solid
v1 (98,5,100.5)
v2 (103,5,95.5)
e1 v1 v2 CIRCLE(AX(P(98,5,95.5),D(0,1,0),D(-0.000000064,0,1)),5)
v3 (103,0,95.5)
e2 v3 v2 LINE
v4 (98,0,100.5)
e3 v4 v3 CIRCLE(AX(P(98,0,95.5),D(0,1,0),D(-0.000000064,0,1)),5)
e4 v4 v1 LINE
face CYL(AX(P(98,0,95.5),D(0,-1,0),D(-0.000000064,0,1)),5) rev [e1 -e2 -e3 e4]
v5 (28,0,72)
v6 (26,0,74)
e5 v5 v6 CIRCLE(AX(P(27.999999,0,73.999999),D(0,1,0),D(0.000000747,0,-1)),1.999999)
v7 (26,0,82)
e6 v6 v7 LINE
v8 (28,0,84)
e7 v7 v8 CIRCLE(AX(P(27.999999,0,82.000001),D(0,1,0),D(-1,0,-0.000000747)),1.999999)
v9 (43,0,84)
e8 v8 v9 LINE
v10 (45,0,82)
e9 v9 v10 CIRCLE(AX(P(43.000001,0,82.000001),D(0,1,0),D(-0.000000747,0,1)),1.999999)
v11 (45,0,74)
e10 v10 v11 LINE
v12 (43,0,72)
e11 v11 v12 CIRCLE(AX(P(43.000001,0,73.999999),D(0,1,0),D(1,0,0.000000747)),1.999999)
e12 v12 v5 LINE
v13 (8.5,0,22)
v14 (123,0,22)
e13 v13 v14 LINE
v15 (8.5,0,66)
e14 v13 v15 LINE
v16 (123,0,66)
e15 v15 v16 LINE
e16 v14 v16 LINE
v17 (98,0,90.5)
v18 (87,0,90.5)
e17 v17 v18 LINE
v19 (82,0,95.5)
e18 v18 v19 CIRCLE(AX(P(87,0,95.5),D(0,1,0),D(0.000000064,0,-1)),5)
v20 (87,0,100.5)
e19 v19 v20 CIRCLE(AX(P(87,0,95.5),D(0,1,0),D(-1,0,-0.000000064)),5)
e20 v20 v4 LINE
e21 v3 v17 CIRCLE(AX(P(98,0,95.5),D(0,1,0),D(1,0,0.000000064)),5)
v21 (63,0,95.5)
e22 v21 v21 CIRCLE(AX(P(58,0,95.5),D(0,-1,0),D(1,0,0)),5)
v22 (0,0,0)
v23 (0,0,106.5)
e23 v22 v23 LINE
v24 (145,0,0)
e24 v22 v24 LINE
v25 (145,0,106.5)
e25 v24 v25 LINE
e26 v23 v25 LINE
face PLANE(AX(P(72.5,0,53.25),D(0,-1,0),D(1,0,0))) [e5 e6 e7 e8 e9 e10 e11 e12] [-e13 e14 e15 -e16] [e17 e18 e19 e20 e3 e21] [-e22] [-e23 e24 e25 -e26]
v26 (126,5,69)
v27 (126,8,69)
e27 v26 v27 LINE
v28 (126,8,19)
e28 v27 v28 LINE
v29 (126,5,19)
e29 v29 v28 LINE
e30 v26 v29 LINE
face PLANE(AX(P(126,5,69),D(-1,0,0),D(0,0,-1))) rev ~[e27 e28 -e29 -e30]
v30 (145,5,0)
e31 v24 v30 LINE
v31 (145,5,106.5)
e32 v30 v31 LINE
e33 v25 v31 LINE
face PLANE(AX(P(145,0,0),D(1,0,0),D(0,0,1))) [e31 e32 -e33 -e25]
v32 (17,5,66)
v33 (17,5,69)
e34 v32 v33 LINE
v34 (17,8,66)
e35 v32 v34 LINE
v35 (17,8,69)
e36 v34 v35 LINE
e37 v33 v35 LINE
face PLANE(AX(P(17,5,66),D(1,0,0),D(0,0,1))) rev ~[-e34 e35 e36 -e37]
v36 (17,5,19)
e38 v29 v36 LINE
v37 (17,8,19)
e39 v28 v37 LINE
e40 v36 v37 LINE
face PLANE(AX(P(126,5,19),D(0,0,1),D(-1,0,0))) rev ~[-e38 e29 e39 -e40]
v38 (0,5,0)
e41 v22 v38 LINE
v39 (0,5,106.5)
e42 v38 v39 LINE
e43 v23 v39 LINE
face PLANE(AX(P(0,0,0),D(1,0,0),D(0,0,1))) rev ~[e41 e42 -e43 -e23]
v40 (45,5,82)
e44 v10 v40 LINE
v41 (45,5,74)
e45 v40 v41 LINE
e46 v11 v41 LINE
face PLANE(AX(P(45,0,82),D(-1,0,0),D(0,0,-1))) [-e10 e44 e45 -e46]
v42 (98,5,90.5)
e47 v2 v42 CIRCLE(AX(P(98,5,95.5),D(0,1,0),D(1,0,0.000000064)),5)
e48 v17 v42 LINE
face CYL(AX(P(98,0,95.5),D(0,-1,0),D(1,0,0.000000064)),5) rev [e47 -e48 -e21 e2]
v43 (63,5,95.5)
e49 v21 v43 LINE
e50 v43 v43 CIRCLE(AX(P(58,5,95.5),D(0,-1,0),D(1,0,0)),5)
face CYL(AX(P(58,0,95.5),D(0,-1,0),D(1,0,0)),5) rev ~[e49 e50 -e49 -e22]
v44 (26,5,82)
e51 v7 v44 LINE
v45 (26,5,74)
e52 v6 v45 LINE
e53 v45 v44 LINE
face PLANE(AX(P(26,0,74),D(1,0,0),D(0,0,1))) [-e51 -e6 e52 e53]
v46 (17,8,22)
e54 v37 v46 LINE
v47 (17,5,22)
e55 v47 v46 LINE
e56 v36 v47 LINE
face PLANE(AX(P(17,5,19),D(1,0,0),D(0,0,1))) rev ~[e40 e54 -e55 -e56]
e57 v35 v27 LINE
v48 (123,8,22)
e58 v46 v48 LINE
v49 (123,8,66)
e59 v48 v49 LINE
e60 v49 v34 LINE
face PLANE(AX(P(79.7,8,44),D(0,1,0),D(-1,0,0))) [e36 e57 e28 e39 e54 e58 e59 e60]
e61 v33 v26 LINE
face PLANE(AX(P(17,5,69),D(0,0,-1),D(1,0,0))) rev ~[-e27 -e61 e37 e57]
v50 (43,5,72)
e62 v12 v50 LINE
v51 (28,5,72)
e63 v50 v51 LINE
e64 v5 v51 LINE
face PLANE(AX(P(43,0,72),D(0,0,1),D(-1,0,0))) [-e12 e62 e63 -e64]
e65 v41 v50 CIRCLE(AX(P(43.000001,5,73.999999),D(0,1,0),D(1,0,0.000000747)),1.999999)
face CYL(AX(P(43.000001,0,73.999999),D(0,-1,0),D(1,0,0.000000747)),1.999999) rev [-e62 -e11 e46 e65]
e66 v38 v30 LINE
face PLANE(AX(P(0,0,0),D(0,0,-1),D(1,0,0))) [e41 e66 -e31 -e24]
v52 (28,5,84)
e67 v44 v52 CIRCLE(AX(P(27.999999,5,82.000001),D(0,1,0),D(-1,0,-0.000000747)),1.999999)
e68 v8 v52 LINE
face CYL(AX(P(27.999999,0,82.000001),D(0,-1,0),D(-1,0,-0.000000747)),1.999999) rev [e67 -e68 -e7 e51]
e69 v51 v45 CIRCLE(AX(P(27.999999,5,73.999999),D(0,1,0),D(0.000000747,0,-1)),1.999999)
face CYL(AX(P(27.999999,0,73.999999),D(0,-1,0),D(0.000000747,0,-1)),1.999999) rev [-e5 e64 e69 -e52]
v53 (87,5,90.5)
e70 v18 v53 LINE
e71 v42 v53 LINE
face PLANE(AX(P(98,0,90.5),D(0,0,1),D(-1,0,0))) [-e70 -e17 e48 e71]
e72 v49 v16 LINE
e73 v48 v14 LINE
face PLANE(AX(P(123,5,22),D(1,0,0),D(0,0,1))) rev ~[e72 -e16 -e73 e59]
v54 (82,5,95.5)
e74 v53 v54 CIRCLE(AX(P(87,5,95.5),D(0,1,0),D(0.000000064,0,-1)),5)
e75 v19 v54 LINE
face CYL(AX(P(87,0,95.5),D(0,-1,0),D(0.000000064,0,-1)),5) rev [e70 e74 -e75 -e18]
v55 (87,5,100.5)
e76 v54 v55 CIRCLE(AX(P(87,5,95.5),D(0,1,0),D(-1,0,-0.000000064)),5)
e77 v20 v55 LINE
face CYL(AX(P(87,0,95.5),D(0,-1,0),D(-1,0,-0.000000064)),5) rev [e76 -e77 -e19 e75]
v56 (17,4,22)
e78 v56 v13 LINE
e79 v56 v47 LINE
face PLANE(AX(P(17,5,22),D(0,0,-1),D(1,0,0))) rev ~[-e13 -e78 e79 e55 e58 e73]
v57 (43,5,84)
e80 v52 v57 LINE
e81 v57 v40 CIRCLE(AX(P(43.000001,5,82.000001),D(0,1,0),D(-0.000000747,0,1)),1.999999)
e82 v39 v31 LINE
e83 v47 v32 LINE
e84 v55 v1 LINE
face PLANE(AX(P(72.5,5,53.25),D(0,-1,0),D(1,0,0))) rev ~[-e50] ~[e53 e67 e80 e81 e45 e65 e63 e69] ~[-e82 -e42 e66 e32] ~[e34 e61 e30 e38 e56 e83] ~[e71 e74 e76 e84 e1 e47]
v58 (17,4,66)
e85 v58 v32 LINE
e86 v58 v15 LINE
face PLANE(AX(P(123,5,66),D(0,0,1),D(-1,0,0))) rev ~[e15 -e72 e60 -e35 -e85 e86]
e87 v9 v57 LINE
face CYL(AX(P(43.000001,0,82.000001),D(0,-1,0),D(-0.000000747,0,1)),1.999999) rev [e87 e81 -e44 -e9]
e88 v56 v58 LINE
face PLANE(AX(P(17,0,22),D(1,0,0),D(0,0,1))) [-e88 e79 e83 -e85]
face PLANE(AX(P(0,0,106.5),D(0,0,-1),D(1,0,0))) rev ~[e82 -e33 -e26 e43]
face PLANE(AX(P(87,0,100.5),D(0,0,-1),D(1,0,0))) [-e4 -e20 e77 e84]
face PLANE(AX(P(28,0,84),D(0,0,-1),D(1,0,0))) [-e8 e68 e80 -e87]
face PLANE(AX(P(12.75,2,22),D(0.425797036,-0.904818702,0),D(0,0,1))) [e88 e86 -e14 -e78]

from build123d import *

# Parameters (mm, degrees)
F0_W     = 145
F0_H     = 106.5
F0_W_2   = 106
F0_H_2   = 44
F0_R     = 5
F1_DEPTH = 5
F2_SIZE2 = 8.5
F2_SIZE  = 4
F4_DEPTH = 3


with BuildPart() as f1:
    # F0 (on Front) → F1 (new body)
    with BuildSketch(Plane.XZ):
        with Locations((72.5, 53.25)):
            Rectangle(F0_W, F0_H)
        with Locations((70, 44)):
            Rectangle(F0_W_2, F0_H_2, mode=Mode.SUBTRACT)
        with BuildLine():
            ThreePointArc((26, 82), (26.585786, 83.414214), (28, 84))
            Line((28, 84), (43, 84))
            ThreePointArc((43, 84), (44.414214, 83.414214), (45, 82))
            Line((45, 82), (45, 74))
            ThreePointArc((45, 74), (44.414214, 72.585786), (43, 72))
            Line((43, 72), (28, 72))
            ThreePointArc((28, 72), (26.585786, 72.585786), (26, 74))
            Line((26, 74), (26, 82))
        make_face(mode=Mode.SUBTRACT)
        with Locations((58, 95.5)):
            Circle(F0_R, mode=Mode.SUBTRACT)
        with BuildLine():
            Line((87, 100.5), (98, 100.5))
            ThreePointArc((98, 100.5), (101.535534, 99.035534), (103, 95.5))
            ThreePointArc((103, 95.5), (101.535534, 91.964466), (98, 90.5))
            Line((98, 90.5), (87, 90.5))
            ThreePointArc((87, 90.5), (83.464466, 91.964466), (82, 95.5))
            ThreePointArc((82, 95.5), (83.464466, 99.035534), (87, 100.5))
        make_face(mode=Mode.SUBTRACT)
    extrude(amount=-F1_DEPTH)

    # F2
    f2_edges = [f1.edges().sort_by_distance(p)[0] for p in [
        (17, 0, 44),
    ]]
    chamfer(f2_edges, length=F2_SIZE, length2=F2_SIZE2)

    # F3 (on face) → F4 (join)
    with BuildSketch(Plane(origin=(0, 5, 0), x_dir=(-1, 0, 0), z_dir=(0, 1, 0))):
        Polygon((-123, 66), (-17, 66), (-17, 69), (-126, 69), (-126, 19), (-17, 19), (-17, 22), (-123, 22), align=None)
    extrude(amount=F4_DEPTH)


solid = f1.part
